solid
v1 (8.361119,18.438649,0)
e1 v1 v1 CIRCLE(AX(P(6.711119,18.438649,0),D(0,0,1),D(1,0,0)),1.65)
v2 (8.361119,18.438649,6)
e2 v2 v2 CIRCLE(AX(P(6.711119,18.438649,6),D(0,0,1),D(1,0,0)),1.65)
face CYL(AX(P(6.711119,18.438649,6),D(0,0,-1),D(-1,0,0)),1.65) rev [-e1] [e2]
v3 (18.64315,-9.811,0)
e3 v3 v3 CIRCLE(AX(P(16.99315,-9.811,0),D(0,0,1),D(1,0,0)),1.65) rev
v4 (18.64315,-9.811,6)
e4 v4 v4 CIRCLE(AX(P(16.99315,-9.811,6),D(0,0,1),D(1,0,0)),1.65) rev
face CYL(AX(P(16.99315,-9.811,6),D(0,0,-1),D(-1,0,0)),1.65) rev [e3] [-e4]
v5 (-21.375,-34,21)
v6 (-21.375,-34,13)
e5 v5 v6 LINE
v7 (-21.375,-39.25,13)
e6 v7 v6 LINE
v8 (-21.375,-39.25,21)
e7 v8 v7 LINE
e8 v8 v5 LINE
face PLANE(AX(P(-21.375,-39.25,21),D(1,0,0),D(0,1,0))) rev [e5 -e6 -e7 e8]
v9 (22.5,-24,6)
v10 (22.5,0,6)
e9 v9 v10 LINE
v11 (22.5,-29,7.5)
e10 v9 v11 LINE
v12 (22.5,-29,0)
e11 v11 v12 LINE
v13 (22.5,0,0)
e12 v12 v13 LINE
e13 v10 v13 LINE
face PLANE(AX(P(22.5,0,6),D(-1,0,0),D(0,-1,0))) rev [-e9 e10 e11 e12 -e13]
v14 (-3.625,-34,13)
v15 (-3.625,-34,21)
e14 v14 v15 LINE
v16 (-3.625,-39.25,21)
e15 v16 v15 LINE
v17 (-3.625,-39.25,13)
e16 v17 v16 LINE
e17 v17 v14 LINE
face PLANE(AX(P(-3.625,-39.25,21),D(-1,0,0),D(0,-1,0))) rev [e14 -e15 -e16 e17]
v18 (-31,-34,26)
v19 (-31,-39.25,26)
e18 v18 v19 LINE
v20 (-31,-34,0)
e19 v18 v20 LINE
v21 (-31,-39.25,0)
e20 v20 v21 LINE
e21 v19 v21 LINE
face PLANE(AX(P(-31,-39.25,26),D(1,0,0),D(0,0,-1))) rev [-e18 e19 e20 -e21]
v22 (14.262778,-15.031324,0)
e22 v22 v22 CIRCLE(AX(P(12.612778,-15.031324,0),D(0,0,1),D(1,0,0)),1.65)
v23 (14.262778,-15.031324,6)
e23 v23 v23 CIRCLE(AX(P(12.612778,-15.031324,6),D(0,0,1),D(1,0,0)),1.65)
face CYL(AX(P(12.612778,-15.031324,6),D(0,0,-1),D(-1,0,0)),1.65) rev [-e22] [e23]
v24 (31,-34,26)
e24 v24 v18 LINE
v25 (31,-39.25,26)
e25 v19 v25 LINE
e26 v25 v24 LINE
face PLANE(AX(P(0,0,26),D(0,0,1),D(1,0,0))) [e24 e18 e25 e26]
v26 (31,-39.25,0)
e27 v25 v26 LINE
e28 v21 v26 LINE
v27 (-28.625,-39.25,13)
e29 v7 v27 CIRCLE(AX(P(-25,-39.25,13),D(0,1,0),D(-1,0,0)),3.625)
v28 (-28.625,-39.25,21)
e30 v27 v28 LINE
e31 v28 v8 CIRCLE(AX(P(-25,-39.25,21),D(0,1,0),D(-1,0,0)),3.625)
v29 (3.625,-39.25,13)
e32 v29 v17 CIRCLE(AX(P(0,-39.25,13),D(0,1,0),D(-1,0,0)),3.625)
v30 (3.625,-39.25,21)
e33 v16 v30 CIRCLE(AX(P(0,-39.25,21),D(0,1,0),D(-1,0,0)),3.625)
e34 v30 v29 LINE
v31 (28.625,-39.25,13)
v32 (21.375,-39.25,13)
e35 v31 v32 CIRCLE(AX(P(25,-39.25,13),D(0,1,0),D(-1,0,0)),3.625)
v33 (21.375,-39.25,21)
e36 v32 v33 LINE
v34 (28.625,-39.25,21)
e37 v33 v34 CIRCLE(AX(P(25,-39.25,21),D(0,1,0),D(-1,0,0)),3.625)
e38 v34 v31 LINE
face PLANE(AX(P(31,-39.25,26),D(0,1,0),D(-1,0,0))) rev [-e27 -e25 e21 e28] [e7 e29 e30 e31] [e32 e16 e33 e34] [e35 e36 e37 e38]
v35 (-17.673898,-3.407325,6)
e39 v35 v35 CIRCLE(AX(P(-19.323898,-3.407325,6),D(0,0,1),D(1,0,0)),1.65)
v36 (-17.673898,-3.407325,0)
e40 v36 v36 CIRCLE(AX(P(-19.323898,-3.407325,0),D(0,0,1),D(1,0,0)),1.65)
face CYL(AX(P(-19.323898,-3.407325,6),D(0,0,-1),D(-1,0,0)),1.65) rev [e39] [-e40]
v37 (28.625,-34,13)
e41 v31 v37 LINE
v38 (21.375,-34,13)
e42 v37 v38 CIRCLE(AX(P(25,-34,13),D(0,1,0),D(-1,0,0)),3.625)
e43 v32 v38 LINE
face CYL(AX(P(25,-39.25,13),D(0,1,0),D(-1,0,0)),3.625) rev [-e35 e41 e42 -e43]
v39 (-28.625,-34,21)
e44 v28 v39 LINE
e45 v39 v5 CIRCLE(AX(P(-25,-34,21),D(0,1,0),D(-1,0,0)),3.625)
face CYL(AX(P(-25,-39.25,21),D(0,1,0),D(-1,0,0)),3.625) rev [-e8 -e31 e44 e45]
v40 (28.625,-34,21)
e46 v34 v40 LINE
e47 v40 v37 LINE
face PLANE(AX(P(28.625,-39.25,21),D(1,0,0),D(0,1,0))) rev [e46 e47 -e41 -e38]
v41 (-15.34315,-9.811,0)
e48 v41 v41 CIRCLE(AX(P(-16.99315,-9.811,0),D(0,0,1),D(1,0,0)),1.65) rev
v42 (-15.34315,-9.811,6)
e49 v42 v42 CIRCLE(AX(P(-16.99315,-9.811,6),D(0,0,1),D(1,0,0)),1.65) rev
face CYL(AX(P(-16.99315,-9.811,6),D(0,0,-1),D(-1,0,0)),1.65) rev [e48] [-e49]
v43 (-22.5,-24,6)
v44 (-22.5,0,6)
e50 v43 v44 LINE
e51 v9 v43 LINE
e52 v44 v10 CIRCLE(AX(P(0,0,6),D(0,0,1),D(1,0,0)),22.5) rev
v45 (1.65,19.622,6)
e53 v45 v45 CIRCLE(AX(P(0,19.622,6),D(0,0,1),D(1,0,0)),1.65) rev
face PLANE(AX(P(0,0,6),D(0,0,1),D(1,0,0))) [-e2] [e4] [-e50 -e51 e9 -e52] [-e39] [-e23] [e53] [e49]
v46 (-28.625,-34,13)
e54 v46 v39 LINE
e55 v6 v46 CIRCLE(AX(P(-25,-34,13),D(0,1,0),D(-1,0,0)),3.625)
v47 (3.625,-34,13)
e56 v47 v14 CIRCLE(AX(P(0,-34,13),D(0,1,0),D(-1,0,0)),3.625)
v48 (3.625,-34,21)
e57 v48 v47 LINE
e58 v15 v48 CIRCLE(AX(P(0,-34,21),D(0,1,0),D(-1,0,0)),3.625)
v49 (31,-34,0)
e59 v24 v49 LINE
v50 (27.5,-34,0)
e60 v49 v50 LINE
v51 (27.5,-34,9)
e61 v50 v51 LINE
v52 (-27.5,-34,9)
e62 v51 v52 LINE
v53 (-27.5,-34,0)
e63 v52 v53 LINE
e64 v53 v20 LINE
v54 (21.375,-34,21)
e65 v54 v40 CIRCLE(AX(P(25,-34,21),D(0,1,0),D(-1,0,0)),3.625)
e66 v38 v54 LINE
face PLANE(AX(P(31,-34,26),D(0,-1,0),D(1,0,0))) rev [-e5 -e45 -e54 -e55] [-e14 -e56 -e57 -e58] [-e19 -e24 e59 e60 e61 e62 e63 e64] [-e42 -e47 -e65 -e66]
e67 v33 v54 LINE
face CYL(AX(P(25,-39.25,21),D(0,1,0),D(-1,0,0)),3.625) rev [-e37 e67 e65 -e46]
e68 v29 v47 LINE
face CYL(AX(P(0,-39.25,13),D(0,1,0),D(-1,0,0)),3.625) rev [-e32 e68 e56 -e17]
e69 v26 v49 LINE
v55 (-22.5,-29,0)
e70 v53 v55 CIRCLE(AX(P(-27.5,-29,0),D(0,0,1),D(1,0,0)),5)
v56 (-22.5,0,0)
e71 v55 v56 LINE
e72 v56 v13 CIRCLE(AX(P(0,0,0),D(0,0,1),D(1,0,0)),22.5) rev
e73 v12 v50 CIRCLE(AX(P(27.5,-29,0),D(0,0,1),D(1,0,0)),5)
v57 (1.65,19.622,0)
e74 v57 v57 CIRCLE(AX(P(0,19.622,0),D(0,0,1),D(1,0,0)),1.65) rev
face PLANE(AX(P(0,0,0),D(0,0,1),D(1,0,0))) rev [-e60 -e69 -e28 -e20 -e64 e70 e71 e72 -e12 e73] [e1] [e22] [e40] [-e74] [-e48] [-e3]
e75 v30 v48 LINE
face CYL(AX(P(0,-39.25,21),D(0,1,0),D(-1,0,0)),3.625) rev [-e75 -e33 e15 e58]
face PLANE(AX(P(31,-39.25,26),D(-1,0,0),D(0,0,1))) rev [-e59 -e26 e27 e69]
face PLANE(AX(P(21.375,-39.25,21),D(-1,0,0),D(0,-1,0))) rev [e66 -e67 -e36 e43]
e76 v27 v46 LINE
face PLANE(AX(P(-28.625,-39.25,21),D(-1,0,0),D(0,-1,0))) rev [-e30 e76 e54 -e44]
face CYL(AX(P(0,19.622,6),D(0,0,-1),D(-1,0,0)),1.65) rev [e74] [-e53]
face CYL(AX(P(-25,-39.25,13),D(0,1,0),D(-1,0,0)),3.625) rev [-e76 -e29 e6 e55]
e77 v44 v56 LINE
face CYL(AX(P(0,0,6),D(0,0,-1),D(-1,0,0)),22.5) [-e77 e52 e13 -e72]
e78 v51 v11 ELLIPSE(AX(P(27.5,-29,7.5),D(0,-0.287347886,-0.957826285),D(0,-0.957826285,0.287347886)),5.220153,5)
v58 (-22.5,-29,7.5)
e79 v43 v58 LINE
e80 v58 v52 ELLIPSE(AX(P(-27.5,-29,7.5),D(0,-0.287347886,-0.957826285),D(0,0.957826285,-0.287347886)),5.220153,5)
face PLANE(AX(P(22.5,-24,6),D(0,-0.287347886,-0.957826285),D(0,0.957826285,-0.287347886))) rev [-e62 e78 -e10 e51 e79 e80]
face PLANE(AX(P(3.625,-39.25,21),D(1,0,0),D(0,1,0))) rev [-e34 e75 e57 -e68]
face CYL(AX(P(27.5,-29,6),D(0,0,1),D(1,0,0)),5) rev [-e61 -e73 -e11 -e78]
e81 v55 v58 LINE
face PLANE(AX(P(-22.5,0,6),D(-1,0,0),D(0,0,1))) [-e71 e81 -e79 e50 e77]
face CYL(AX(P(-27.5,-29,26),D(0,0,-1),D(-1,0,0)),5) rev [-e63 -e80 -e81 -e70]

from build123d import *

# Parameters (mm, degrees)
SKETCH_1_R          = 1.65
EXTRUDE_1_DEPTH     = 6
SKETCH_2_W          = 62
SKETCH_2_H          = 5.25
EXTRUDE_2_DEPTH     = 26
CUT_EXTRUDE_1_DEPTH = 70.492805383
EXTRUDE_3_DEPTH     = 22.5
FILLET_1_R          = 5


with BuildPart() as part:
    # 스케치1 → 보스-돌출1 (new body)
    with BuildSketch(Plane.XY):
        with BuildLine():
            ThreePointArc((-22.5, 0), (0, 22.5), (22.5, 0))
            Line((22.5, 0), (22.5, -34))
            Line((22.5, -34), (-22.5, -34))
            Line((-22.5, -34), (-22.5, 0))
        make_face()
        with Locations((-19.32389773, -3.407324542)):
            Circle(SKETCH_1_R, mode=Mode.SUBTRACT)
        with Locations((16.993150473, -9.811)):
            Circle(SKETCH_1_R, mode=Mode.SUBTRACT)
        with Locations((6.711119252, 18.438648605)):
            Circle(SKETCH_1_R, mode=Mode.SUBTRACT)
        with Locations((0, 19.622)):
            Circle(SKETCH_1_R, mode=Mode.SUBTRACT)
        with Locations((12.612778477, -15.031324063)):
            Circle(SKETCH_1_R, mode=Mode.SUBTRACT)
        with Locations((-16.993150473, -9.811)):
            Circle(SKETCH_1_R, mode=Mode.SUBTRACT)
    extrude(amount=EXTRUDE_1_DEPTH)

    # 스케치2 → 보스-돌출2 (add)
    with BuildSketch(Plane.XY):
        with Locations((0, -36.625)):
            Rectangle(SKETCH_2_W, SKETCH_2_H)
    extrude(amount=EXTRUDE_2_DEPTH)

    # 스케치3 → 컷-돌출1 (cut, through all)
    with BuildSketch(Plane(origin=(0, -34, 0), x_dir=(1, 0, 0), z_dir=(0, 1, 0))):
        with BuildLine():
            Line((-3.625, -21), (-3.625, -13))
            ThreePointArc((-3.625, -13), (0, -9.375), (3.625, -13))
            Line((3.625, -13), (3.625, -21))
            ThreePointArc((3.625, -21), (0, -24.625), (-3.625, -21))
        make_face()
        with BuildLine():
            Line((21.375, -21), (21.375, -13))
            ThreePointArc((21.375, -13), (25, -9.375), (28.625, -13))
            Line((28.625, -13), (28.625, -21))
            ThreePointArc((28.625, -21), (25, -24.625), (21.375, -21))
        make_face()
        with BuildLine():
            Line((-28.625, -21), (-28.625, -13))
            ThreePointArc((-28.625, -13), (-25, -9.375), (-21.375, -13))
            Line((-21.375, -13), (-21.375, -21))
            ThreePointArc((-21.375, -21), (-25, -24.625), (-28.625, -21))
        make_face()
    extrude(amount=-CUT_EXTRUDE_1_DEPTH, mode=Mode.SUBTRACT)

    # 스케치4 → 보스-돌출3 (add, symmetric)
    with BuildSketch(Plane(origin=(0, 0, 0), x_dir=(0, 0, -1), z_dir=(1, 0, 0))):
        Polygon((-6, -24), (-9, -34), (-6, -34), align=None)
    extrude(amount=EXTRUDE_3_DEPTH, both=True)

    # 필렛1
    fillet_1_edges = [part.edges().sort_by_distance(p)[0] for p in [
        (22.5, -34, 4.5),
        (-22.5, -34, 4.5),
    ]]
    fillet(fillet_1_edges, radius=FILLET_1_R)


solid = part.part
